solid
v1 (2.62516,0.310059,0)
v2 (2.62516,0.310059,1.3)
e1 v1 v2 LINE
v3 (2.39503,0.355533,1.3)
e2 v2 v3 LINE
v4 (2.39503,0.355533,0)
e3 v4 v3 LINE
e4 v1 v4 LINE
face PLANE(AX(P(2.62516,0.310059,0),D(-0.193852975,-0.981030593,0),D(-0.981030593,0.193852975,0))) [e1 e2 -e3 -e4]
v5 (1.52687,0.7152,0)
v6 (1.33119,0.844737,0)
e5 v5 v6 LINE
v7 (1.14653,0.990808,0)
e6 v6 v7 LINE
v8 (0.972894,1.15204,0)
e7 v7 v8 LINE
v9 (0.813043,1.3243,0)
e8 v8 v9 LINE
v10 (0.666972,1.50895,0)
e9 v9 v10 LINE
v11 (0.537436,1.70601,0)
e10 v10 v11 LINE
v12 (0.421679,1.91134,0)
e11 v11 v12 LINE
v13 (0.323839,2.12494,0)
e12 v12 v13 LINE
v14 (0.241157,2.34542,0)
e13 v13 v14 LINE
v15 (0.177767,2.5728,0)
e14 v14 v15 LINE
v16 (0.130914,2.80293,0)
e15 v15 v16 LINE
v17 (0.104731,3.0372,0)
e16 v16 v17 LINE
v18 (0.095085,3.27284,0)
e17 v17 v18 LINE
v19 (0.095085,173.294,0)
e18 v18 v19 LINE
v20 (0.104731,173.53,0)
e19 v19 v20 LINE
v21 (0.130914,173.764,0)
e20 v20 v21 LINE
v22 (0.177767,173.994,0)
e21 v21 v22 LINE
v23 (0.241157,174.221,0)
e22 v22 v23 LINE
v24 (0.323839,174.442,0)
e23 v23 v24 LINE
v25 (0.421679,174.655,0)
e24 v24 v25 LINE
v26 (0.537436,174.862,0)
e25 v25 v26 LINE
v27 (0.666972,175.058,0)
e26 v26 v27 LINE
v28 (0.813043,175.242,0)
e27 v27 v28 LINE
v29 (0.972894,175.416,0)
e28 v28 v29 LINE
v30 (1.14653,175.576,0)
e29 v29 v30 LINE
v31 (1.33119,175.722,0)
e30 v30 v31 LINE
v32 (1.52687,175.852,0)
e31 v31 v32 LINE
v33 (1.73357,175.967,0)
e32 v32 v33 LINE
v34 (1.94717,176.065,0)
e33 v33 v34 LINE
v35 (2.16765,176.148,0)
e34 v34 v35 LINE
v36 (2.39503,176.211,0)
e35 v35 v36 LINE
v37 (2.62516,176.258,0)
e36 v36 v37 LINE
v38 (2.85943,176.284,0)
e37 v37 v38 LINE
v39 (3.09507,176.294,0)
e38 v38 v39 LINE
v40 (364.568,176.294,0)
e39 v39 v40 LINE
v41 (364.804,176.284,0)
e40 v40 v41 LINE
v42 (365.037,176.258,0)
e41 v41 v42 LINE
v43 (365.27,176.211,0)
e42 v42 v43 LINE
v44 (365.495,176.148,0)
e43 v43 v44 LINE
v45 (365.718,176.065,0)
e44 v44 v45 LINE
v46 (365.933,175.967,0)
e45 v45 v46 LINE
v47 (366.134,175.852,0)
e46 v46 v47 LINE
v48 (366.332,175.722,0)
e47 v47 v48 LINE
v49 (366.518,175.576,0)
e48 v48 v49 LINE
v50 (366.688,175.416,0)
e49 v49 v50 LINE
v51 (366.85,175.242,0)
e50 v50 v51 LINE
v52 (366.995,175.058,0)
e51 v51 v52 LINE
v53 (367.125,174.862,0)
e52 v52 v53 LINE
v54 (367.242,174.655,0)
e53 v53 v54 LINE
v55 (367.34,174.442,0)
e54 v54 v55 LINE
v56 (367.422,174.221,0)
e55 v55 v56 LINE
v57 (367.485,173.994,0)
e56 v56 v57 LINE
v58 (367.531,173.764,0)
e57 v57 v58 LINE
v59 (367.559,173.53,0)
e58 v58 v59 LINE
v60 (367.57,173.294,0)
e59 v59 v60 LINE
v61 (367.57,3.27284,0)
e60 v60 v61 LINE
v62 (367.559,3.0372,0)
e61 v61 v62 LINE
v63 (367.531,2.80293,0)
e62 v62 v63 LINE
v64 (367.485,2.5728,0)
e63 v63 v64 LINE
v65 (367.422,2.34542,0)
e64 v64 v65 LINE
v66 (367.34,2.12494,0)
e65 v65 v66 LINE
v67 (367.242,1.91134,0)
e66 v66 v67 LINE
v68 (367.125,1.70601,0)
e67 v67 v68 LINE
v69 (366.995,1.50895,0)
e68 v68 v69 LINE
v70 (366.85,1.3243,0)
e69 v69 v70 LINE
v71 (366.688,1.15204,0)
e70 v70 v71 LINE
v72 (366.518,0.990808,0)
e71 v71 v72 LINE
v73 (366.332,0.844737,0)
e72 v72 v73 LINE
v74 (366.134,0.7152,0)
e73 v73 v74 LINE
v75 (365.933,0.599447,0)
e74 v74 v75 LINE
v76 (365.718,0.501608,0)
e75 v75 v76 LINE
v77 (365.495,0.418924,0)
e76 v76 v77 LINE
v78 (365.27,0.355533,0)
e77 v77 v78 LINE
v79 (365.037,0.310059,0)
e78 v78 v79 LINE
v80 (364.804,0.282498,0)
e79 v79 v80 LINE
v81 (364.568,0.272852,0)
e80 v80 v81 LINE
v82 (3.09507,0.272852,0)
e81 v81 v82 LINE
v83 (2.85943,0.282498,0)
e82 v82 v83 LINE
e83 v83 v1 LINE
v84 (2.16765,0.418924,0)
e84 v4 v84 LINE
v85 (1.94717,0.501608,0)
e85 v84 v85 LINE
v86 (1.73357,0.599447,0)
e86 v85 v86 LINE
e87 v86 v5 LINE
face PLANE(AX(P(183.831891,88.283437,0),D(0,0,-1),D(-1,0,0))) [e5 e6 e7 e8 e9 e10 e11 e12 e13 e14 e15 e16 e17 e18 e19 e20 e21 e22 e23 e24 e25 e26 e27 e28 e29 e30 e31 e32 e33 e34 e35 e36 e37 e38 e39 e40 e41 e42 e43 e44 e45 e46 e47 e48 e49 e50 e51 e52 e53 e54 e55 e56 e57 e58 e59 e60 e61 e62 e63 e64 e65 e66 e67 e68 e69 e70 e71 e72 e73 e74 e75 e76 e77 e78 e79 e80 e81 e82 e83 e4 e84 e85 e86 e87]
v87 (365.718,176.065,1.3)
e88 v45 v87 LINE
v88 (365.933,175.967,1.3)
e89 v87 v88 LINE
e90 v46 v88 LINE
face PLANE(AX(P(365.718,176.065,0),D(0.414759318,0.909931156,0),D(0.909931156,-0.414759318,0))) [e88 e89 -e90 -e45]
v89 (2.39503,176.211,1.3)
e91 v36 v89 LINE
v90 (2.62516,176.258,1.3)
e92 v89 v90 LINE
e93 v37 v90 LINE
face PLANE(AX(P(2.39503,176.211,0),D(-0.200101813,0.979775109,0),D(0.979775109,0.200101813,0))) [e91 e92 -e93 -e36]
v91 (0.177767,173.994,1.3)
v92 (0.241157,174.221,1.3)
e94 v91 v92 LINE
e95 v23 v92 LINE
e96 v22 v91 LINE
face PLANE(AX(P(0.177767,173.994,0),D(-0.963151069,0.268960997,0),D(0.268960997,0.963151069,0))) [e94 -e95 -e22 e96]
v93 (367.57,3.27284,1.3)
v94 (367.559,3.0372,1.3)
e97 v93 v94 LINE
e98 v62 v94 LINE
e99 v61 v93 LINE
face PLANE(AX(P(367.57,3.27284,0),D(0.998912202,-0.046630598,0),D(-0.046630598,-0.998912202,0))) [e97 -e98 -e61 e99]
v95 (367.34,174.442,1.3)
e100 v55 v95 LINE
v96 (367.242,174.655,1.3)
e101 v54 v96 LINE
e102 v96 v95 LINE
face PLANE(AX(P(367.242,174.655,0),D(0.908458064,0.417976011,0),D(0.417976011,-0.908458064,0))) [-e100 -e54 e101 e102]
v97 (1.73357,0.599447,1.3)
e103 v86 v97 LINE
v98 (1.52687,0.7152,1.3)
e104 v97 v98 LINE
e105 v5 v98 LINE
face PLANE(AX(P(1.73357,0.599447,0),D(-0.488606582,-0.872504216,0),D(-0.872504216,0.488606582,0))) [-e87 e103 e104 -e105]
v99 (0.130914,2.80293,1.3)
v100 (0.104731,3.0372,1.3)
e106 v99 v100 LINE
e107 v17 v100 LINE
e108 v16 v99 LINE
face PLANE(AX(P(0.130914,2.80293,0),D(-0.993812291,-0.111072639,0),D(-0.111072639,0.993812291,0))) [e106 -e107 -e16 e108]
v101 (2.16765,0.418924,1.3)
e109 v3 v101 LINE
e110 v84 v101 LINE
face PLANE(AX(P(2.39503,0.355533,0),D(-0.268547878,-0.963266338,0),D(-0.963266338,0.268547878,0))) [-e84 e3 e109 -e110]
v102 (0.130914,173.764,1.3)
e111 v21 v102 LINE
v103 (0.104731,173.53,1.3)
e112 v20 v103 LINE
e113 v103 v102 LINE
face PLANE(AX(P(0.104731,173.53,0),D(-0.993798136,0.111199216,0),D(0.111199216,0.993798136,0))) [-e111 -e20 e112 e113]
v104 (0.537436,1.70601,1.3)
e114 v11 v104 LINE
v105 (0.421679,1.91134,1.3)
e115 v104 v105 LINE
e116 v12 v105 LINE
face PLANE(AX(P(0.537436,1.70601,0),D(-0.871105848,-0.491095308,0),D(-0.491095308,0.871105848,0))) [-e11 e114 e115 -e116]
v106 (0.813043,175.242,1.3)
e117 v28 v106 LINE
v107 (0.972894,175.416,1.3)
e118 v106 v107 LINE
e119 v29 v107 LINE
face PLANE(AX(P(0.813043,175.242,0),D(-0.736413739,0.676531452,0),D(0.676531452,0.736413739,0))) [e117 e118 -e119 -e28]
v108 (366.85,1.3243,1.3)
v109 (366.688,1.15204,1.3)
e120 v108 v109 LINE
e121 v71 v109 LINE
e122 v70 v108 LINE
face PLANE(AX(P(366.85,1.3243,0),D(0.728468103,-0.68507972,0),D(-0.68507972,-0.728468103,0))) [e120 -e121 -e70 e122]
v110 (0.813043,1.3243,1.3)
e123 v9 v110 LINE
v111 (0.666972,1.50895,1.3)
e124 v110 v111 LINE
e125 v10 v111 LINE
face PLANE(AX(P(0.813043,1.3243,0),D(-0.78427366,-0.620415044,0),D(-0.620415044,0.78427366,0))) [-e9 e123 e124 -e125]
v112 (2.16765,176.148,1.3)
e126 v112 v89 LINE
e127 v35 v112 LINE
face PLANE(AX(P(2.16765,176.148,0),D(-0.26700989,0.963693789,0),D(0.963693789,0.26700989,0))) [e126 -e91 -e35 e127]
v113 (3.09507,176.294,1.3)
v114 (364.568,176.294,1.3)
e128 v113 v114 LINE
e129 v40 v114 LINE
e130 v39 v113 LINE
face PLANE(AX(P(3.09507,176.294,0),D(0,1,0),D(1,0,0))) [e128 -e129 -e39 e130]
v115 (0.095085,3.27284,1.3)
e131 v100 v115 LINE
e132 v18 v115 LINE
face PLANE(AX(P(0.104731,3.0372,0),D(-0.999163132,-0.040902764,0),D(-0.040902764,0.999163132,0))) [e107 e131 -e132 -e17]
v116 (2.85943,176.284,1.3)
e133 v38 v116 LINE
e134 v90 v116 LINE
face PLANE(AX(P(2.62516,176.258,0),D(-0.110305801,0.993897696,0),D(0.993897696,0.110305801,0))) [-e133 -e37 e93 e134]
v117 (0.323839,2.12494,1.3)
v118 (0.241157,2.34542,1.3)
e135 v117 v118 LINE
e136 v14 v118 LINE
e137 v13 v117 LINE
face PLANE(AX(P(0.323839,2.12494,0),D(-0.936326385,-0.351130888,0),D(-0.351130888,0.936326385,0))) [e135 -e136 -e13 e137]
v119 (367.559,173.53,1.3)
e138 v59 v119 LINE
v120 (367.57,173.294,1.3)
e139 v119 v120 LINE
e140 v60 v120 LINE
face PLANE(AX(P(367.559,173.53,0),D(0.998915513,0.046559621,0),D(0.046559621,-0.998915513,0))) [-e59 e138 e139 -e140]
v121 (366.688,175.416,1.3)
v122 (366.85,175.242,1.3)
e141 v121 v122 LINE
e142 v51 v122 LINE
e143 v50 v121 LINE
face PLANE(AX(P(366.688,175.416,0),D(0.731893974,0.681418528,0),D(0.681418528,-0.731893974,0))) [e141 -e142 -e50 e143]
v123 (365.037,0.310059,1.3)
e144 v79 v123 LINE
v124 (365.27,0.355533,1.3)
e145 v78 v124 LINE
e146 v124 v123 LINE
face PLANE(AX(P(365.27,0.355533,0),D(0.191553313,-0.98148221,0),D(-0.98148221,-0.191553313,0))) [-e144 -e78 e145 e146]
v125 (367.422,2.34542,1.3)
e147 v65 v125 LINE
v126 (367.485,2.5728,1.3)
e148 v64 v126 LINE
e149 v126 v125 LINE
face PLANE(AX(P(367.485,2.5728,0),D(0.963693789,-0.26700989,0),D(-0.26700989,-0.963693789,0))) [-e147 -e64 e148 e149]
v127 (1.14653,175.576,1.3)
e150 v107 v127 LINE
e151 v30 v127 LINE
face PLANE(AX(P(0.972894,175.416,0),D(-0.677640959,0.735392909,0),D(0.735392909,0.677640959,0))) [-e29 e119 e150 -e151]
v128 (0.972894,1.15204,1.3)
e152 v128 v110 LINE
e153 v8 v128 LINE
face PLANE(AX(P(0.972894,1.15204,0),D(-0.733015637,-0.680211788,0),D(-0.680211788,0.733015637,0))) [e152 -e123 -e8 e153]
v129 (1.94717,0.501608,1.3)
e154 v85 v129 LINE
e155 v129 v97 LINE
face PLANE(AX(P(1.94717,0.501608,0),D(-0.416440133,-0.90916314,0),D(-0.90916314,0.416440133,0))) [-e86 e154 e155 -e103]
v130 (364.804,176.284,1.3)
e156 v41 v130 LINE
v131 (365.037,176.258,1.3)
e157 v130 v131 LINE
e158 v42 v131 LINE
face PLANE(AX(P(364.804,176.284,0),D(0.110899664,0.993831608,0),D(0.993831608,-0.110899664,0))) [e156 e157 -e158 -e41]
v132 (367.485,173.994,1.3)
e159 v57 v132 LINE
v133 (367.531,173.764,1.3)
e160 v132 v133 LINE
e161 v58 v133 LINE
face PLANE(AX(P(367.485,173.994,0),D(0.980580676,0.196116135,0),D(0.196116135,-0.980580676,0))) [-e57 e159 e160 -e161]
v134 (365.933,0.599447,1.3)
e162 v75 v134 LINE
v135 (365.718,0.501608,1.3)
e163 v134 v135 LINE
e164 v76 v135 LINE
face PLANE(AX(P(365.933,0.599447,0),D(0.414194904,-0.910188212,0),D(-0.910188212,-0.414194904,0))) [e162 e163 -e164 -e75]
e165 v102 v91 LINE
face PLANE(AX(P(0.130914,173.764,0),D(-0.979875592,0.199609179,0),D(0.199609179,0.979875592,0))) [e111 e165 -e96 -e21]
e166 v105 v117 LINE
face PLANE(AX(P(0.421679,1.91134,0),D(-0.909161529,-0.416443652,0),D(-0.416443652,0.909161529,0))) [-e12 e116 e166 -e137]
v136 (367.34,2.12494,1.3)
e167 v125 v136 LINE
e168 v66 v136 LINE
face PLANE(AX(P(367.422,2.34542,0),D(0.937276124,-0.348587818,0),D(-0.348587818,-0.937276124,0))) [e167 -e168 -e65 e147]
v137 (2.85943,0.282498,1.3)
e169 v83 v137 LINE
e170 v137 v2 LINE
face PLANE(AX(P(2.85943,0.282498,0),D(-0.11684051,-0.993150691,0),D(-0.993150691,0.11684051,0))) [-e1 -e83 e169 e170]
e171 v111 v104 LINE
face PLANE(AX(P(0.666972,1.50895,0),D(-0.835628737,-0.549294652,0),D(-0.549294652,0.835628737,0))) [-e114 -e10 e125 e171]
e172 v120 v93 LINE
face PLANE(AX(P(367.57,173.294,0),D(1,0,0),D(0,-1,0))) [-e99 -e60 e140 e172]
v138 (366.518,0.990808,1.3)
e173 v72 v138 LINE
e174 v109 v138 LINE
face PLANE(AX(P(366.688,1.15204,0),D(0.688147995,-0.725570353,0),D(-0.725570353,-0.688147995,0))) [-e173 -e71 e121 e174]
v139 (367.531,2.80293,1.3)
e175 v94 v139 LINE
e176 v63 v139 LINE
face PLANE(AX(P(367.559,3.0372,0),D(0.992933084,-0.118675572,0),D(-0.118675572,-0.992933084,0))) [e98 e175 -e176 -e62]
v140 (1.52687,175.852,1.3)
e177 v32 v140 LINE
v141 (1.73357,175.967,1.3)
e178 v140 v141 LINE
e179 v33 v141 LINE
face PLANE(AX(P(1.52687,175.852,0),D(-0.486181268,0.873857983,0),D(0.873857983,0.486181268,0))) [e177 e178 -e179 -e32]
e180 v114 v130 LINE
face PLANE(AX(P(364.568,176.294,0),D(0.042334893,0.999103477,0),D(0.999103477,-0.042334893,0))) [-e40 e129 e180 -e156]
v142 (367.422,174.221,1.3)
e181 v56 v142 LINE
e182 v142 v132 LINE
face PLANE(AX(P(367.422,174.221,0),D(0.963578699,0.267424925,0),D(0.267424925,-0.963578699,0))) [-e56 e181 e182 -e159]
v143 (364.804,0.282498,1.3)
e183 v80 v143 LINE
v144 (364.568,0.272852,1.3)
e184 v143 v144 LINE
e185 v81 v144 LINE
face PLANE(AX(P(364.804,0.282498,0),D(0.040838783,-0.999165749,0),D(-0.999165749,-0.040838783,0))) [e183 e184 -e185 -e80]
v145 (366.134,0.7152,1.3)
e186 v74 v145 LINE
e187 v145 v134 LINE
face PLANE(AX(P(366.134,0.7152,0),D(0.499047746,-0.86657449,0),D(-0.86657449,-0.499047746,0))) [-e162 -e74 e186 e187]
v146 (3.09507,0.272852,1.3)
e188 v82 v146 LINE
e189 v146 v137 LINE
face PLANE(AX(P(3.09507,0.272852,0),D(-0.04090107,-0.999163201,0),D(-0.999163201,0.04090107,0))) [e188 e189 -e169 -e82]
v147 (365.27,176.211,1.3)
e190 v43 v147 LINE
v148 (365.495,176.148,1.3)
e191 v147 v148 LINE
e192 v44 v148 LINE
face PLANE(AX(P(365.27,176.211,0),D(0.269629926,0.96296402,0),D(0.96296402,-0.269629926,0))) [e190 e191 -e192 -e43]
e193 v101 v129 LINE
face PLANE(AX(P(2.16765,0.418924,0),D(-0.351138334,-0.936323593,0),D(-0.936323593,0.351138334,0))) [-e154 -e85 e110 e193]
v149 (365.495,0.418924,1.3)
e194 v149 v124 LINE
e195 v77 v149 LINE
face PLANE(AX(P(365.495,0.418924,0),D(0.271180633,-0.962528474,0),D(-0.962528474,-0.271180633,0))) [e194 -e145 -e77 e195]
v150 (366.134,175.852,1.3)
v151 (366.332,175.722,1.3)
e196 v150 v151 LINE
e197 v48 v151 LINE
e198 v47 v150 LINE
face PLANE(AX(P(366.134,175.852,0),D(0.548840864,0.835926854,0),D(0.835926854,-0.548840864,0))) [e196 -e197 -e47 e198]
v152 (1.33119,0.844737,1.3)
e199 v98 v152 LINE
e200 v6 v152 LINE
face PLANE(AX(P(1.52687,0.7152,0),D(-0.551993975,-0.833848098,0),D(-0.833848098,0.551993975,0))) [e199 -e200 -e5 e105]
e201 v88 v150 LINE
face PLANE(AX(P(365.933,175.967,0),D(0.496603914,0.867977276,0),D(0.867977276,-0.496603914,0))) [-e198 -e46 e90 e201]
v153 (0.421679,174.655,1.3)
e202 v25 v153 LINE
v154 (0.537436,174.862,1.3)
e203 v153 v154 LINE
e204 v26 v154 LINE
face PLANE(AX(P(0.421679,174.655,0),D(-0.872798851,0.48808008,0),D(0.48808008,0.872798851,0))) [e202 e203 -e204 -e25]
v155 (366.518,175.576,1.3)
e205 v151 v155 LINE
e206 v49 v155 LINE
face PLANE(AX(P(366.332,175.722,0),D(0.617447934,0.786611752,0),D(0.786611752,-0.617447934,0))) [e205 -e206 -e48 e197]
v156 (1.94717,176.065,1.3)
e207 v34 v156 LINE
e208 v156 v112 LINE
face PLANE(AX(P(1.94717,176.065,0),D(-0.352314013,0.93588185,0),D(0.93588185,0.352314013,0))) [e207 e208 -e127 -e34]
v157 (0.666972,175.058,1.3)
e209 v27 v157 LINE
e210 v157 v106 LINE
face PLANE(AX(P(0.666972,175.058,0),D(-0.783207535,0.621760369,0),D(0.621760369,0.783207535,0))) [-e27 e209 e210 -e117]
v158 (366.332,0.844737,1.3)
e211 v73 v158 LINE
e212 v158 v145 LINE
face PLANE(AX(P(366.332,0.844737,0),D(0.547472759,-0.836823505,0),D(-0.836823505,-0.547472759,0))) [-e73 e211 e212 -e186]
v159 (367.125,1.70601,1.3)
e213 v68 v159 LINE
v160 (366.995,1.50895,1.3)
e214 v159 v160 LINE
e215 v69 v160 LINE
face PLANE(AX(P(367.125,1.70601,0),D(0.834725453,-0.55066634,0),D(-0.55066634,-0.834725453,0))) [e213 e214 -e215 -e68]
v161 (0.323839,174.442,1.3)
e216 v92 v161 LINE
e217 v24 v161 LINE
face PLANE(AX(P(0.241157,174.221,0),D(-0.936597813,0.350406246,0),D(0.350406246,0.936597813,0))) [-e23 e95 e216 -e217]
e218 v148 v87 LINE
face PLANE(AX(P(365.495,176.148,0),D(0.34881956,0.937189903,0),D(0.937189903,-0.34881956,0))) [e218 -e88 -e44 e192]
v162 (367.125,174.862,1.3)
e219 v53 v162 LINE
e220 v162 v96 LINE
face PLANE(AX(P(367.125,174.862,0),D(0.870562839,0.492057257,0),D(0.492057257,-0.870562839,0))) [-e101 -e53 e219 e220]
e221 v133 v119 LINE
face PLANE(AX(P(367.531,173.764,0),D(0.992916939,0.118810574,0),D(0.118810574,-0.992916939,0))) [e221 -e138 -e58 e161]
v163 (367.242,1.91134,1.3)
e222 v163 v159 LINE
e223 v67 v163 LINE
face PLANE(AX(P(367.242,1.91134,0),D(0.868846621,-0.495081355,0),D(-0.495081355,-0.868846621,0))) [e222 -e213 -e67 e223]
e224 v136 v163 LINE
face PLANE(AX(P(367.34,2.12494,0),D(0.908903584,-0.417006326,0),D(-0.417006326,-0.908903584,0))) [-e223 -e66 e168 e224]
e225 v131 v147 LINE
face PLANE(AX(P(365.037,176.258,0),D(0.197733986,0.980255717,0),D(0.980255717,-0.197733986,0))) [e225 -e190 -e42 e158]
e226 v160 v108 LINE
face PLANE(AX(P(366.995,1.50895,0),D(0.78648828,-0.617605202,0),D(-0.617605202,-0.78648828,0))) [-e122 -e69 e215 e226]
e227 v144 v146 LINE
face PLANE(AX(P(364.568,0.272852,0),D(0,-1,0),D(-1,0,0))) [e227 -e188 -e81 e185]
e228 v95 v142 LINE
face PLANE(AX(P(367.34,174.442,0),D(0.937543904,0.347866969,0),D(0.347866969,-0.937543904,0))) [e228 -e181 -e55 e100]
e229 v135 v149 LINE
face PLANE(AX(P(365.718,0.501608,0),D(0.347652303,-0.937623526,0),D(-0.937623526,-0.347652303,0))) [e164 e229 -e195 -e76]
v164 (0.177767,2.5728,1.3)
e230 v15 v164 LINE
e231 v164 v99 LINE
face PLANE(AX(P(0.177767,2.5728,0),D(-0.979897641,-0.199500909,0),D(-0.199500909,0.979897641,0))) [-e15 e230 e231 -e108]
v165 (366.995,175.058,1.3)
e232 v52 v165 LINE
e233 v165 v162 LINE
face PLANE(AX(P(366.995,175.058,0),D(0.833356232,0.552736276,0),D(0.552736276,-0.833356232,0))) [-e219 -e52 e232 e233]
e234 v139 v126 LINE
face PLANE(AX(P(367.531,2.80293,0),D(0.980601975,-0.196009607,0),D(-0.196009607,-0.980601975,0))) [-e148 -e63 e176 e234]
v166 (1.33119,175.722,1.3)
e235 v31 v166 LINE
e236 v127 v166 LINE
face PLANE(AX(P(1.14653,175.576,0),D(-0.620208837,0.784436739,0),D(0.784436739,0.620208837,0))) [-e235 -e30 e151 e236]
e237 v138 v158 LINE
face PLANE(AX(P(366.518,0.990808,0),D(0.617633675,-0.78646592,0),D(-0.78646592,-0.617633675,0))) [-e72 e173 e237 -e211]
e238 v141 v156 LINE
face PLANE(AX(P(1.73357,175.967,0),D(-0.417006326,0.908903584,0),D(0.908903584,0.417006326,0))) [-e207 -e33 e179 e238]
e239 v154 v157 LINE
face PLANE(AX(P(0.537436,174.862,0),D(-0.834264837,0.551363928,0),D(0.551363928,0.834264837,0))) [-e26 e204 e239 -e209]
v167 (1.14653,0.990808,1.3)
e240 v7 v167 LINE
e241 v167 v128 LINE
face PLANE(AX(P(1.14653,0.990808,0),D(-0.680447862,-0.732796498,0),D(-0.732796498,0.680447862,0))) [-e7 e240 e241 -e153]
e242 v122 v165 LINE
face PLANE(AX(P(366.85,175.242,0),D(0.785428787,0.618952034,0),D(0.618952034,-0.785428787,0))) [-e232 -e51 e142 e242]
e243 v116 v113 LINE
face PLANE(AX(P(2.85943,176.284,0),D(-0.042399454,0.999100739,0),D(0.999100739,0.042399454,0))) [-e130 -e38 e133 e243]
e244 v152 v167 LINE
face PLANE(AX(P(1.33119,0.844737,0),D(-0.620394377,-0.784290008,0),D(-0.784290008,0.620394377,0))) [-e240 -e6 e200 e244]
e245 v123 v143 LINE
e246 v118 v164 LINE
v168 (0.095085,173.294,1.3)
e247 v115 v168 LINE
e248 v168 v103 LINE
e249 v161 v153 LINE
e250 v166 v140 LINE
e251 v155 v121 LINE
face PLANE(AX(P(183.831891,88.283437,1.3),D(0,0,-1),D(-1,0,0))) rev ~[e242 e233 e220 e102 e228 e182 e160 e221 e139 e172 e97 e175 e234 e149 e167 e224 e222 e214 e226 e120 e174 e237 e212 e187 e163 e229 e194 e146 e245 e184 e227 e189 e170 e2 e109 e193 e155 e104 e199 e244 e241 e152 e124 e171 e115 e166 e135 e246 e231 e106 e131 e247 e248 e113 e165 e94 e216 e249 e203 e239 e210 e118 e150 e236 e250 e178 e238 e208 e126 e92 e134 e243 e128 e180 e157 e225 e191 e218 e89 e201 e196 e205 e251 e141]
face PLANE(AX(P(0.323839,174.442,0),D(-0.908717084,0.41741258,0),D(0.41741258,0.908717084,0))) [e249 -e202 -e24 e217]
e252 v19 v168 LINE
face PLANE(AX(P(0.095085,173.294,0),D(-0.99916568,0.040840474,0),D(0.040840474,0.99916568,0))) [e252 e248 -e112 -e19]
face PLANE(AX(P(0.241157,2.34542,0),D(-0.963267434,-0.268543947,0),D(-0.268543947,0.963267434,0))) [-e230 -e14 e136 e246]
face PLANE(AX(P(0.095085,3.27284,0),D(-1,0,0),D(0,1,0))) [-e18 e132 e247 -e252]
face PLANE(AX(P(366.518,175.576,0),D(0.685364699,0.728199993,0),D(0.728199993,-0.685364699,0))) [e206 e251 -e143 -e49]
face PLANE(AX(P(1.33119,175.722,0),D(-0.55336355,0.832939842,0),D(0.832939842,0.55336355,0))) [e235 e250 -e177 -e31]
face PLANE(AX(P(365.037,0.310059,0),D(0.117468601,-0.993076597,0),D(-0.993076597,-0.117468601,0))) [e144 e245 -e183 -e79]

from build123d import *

# Parameters (mm, degrees)
EXTRUDE_1_DEPTH = 1.3


with BuildPart() as part:
    # Model → 凸台-拉伸1 (new body)
    with BuildSketch(Plane.XY):
        Polygon((364.568, 176.294), (364.804, 176.284), (365.037, 176.258), (365.27, 176.211), (365.495, 176.148), (365.718, 176.065), (365.933, 175.967), (366.134, 175.852), (366.332, 175.722), (366.518, 175.576), (366.688, 175.416), (366.85, 175.242), (366.995, 175.058), (367.125, 174.862), (367.242, 174.655), (367.34, 174.442), (367.422, 174.221), (367.485, 173.994), (367.531, 173.764), (367.559, 173.53), (367.57, 173.294), (367.57, 3.27284), (367.559, 3.0372), (367.531, 2.80293), (367.485, 2.5728), (367.422, 2.34542), (367.34, 2.12494), (367.242, 1.91134), (367.125, 1.70601), (366.995, 1.50895), (366.85, 1.3243), (366.688, 1.15204), (366.518, 0.990808), (366.332, 0.844737), (366.134, 0.7152), (365.933, 0.599447), (365.718, 0.501608), (365.495, 0.418924), (365.27, 0.355533), (365.037, 0.310059), (364.804, 0.282498), (364.568, 0.272852), (3.09507, 0.272852), (2.85943, 0.282498), (2.62516, 0.310059), (2.39503, 0.355533), (2.16765, 0.418924), (1.94717, 0.501608), (1.73357, 0.599447), (1.52687, 0.7152), (1.33119, 0.844737), (1.14653, 0.990808), (0.972894, 1.15204), (0.813043, 1.3243), (0.666972, 1.50895), (0.537436, 1.70601), (0.421679, 1.91134), (0.323839, 2.12494), (0.241157, 2.34542), (0.177767, 2.5728), (0.130914, 2.80293), (0.104731, 3.0372), (0.0950846, 3.27284), (0.0950846, 173.294), (0.104731, 173.53), (0.130914, 173.764), (0.177767, 173.994), (0.241157, 174.221), (0.323839, 174.442), (0.421679, 174.655), (0.537436, 174.862), (0.666972, 175.058), (0.813043, 175.242), (0.972894, 175.416), (1.14653, 175.576), (1.33119, 175.722), (1.52687, 175.852), (1.73357, 175.967), (1.94717, 176.065), (2.16765, 176.148), (2.39503, 176.211), (2.62516, 176.258), (2.85943, 176.284), (3.09507, 176.294), align=None)
    extrude(amount=EXTRUDE_1_DEPTH)


solid = part.part
